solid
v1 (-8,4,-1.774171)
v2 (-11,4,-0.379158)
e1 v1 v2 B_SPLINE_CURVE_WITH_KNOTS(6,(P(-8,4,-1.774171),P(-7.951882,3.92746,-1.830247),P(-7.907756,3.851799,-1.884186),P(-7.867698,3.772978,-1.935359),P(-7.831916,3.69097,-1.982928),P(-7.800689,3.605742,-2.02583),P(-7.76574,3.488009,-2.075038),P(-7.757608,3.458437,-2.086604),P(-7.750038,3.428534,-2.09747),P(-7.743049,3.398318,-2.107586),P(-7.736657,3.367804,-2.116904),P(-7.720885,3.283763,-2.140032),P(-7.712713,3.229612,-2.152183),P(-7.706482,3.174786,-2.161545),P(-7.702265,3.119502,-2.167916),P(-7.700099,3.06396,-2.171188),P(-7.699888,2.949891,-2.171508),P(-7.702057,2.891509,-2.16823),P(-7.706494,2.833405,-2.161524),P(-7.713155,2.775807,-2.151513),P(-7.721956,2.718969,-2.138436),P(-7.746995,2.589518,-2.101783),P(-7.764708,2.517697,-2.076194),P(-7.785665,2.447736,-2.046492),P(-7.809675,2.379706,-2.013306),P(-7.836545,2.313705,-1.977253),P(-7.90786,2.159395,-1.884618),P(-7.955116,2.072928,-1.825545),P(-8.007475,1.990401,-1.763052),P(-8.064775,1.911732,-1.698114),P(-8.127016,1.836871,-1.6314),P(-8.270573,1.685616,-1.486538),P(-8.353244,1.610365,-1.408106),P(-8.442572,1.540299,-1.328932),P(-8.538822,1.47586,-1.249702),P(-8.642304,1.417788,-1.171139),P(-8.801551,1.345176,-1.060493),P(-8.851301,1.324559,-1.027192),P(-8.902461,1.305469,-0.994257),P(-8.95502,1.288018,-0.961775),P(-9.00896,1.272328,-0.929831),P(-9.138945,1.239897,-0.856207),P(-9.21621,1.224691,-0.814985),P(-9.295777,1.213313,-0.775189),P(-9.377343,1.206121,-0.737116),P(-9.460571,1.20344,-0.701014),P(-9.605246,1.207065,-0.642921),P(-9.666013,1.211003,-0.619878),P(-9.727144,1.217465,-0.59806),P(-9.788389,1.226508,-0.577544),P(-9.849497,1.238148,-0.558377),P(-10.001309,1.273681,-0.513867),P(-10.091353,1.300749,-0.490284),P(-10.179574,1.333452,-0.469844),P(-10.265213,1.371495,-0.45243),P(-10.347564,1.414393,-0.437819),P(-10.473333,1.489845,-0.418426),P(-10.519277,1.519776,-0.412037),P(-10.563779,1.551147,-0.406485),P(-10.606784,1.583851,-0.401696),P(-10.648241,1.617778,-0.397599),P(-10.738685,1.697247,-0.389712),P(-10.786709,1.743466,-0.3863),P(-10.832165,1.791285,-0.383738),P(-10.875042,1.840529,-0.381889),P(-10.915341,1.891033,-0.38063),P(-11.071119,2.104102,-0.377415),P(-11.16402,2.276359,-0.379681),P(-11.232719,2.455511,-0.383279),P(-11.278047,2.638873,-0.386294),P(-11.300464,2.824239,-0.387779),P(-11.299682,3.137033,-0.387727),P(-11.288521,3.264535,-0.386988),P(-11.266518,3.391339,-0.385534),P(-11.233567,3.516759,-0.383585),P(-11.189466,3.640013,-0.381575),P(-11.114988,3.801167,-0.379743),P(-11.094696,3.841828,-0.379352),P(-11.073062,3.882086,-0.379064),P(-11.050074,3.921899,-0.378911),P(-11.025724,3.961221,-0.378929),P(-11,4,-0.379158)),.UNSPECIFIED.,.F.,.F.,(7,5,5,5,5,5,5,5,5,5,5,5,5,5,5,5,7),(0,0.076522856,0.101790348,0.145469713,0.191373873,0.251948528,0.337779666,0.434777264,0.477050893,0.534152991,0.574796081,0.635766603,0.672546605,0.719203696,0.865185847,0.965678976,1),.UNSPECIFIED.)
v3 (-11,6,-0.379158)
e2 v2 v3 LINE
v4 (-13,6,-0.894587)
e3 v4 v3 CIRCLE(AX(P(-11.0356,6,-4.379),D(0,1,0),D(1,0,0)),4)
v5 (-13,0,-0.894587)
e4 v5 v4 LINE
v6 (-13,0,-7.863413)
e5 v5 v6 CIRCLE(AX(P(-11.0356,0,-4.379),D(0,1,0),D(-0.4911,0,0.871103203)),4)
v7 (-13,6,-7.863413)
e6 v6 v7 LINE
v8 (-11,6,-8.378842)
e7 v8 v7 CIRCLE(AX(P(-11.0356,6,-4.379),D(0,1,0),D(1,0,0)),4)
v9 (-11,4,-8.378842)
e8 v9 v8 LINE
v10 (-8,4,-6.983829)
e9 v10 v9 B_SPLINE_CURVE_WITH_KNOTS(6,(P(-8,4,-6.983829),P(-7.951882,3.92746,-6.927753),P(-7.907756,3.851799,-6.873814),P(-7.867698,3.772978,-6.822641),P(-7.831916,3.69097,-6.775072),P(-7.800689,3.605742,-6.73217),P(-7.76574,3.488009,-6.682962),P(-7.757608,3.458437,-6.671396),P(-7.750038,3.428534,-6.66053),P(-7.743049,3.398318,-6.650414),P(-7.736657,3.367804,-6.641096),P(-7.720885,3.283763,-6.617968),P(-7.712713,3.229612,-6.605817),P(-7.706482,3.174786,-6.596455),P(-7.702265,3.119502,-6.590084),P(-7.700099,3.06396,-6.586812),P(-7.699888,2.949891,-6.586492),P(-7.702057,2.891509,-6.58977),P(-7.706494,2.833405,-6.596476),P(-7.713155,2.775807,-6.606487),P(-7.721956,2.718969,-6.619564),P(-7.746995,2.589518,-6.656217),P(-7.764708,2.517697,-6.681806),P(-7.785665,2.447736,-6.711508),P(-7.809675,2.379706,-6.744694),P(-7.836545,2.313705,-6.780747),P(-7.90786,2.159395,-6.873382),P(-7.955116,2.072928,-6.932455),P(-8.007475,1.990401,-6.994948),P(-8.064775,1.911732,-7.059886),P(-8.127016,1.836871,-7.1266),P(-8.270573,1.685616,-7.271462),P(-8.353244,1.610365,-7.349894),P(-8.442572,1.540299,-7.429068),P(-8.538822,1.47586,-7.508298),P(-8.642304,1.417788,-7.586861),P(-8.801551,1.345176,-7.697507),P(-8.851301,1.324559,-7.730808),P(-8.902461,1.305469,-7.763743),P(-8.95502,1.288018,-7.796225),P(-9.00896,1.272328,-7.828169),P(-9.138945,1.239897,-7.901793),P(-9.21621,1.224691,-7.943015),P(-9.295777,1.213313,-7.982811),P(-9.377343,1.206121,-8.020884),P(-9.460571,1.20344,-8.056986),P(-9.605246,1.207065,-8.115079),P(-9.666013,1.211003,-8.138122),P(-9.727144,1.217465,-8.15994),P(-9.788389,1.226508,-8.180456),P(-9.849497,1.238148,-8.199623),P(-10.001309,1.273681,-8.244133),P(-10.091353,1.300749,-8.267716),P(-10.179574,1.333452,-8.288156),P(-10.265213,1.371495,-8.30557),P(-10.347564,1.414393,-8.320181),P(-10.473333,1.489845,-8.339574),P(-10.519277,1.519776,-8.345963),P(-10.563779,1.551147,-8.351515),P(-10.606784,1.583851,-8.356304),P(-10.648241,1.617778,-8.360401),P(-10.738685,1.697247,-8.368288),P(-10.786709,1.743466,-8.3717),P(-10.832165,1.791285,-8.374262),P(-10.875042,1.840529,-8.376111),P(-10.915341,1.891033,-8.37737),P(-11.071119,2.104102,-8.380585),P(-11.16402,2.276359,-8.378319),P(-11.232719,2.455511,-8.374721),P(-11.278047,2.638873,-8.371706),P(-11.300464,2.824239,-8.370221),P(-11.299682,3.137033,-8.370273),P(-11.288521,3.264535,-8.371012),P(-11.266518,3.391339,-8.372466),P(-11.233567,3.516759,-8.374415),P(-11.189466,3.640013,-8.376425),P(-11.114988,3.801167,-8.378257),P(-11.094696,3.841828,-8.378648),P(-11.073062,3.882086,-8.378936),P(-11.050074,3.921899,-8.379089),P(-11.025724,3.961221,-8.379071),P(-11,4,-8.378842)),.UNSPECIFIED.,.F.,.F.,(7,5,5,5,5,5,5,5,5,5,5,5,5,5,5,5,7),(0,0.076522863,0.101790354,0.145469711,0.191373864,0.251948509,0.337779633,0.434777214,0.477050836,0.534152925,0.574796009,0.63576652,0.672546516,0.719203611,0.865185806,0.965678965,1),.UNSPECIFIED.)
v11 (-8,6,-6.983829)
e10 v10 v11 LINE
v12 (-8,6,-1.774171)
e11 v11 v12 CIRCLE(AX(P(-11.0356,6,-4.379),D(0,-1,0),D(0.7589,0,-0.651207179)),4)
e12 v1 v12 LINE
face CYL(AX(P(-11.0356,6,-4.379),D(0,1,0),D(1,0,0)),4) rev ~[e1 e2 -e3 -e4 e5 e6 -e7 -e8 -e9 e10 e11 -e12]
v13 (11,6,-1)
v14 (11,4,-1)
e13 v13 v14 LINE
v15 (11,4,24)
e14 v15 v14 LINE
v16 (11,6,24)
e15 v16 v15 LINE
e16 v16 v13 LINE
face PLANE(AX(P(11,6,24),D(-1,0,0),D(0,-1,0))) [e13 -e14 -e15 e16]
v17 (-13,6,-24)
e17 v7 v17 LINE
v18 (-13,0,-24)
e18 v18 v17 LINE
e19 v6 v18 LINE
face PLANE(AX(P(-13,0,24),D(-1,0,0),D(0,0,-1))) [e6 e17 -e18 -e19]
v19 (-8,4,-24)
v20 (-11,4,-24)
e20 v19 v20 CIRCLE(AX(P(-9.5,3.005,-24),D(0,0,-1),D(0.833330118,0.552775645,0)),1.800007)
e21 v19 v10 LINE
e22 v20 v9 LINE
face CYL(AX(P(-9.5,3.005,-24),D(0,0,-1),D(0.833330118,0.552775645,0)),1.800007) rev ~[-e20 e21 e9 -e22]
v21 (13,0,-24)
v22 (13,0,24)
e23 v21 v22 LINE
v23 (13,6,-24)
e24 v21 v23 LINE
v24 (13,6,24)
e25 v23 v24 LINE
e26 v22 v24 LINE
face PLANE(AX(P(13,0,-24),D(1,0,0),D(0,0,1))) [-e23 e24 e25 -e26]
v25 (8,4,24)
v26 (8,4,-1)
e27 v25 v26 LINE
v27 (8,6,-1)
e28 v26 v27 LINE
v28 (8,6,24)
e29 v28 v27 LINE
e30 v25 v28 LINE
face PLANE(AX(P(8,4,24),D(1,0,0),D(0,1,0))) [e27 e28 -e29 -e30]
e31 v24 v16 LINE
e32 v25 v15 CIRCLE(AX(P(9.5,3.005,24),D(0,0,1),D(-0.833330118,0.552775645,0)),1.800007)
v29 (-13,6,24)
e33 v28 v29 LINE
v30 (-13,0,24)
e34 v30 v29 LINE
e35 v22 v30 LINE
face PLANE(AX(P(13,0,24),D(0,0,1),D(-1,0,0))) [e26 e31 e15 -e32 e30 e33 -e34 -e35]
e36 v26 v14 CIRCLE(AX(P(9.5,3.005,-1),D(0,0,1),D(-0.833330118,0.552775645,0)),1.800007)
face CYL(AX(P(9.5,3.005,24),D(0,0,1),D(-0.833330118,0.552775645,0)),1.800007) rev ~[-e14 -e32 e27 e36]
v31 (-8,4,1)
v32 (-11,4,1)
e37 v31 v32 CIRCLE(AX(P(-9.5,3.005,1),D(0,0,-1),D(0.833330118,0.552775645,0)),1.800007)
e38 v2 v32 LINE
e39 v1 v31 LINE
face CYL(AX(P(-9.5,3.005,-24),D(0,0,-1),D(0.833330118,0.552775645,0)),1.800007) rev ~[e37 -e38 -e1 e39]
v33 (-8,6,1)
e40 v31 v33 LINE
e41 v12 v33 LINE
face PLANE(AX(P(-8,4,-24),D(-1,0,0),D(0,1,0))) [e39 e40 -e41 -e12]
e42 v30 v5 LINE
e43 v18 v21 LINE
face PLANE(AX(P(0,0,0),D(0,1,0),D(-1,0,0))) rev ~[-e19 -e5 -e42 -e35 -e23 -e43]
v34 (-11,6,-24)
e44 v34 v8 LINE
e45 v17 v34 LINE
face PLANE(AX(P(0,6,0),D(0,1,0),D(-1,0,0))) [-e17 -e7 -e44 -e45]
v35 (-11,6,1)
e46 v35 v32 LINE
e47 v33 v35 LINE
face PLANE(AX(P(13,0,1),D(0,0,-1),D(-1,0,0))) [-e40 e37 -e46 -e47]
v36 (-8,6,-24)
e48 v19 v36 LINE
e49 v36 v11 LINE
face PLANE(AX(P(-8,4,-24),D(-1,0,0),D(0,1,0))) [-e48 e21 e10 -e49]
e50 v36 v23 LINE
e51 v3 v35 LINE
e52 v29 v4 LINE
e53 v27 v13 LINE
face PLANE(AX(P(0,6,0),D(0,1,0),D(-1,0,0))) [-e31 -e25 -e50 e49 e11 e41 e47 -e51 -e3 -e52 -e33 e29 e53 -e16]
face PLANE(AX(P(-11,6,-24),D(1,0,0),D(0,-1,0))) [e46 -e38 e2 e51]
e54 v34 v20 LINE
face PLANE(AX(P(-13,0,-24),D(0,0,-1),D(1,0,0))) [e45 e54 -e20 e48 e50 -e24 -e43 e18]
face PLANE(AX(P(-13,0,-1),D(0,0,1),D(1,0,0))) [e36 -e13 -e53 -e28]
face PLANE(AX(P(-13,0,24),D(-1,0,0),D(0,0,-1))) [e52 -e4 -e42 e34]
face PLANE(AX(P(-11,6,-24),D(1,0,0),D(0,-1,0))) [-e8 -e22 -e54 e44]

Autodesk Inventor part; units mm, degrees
ref_plane "YZ Plane" through (0, 0, 0) normal (1, 0, 0) x (0, 1, 0)
ref_plane "XZ Plane" through (0, 0, 0) normal (0, 1, 0) x (-1, 0, 0)
ref_plane "XY Plane" through (0, 0, 0) normal (0, 0, 1) x (1, 0, 0)
sketch "Эскиз1" plane through (0, 0, 0) normal (0, 1, 0) x (-1, 0, 0)
  line L0 (13, -24) -> (-13, -24)
  line L1 (-13, -24) -> (-13, 24)
  line L2 (-13, 24) -> (13, 24)
  line L3 (13, 24) -> (13, -24)
  line L4 (13, -24) -> (-13, 24) construction
  line L5 (-13, -24) -> (13, 24) construction
  point P0 (0, 0)
  dimension "d0" = 26
  dimension "d1" = 48
extrude "Выдавливание1" add sketch "Эскиз1" along normal blind 6
sketch "Эскиз3" plane through (-13, 0, 24) normal (0, 0, 1) x (1, 0, 0)
  arc A0 (24, 4) -> (21, 4) centre (22.5, 3.005) ccw construction
  line L0 (26, 0) -> (26, 6) projected
  line L1 (21, 6) -> (24, 6)
  line L2 (24, 6) -> (24, 4)
  line L3 (24, 4) -> (21, 4) construction
  line L4 (21, 4) -> (21, 6)
  line L5 (21, 6) -> (24, 4) construction
  line L6 (24, 6) -> (21, 4) construction
  arc A1 (21, 4) -> (24, 4) centre (22.5, 3.005) ccw
  point P0 (13, 0)
  point P1 (22.5, 5)
  point P2 (22.5, 5)
  point P3 (22.5, 5)
  point P4 (22.5, 6)
  dimension "d8" = 3.6
  dimension "d10" = 2
  dimension "d11" = 3
  dimension "d12" = 2
extrude "Выдавливание3" cut sketch "Эскиз3" against normal blind 25
pattern_circular "Круговой массив1" count 2 over 360 about axis through (0, -10, 0) along (0, 1, 0) of "Выдавливание3"
sketch "Эскиз2" plane through (0, 6, 0) normal (0, 1, 0) x (1, 0, 0)
  circle A0 centre (-11.0356, 4.379) radius 4
  line L0 (13, 24) -> (-13, 24) projected
  point P0 (0, 0)
  dimension "d4" = 8
extrude "Выдавливание2" cut sketch "Эскиз2" against normal blind 6
sketch "Эскиз5" plane through (0, 6, 0) normal (0, 1, 0) x (1, 0, 0)
  line L0 (-13, 24) -> (-13, -24) projected
  arc A0 (-8, 1.7742) -> (-8, 6.9839) centre (-11.0356, 4.379) ccw projected
  arc A1 (-13, -4.1856) -> (-13.7446, 1.436) centre (-16.743, -1.8213) ccw
  arc A2 (-13, -6.1738) -> (-7.1165, 3.5787) centre (-23.7825, 6.9821) ccw
  point P0 (0, 0)
  point P1 (-5.684, 5.1513)
  point P2 (-13, 0.5431)
properties part number "ЛЦМК.30000.10.00.01 Згт по одснование"
